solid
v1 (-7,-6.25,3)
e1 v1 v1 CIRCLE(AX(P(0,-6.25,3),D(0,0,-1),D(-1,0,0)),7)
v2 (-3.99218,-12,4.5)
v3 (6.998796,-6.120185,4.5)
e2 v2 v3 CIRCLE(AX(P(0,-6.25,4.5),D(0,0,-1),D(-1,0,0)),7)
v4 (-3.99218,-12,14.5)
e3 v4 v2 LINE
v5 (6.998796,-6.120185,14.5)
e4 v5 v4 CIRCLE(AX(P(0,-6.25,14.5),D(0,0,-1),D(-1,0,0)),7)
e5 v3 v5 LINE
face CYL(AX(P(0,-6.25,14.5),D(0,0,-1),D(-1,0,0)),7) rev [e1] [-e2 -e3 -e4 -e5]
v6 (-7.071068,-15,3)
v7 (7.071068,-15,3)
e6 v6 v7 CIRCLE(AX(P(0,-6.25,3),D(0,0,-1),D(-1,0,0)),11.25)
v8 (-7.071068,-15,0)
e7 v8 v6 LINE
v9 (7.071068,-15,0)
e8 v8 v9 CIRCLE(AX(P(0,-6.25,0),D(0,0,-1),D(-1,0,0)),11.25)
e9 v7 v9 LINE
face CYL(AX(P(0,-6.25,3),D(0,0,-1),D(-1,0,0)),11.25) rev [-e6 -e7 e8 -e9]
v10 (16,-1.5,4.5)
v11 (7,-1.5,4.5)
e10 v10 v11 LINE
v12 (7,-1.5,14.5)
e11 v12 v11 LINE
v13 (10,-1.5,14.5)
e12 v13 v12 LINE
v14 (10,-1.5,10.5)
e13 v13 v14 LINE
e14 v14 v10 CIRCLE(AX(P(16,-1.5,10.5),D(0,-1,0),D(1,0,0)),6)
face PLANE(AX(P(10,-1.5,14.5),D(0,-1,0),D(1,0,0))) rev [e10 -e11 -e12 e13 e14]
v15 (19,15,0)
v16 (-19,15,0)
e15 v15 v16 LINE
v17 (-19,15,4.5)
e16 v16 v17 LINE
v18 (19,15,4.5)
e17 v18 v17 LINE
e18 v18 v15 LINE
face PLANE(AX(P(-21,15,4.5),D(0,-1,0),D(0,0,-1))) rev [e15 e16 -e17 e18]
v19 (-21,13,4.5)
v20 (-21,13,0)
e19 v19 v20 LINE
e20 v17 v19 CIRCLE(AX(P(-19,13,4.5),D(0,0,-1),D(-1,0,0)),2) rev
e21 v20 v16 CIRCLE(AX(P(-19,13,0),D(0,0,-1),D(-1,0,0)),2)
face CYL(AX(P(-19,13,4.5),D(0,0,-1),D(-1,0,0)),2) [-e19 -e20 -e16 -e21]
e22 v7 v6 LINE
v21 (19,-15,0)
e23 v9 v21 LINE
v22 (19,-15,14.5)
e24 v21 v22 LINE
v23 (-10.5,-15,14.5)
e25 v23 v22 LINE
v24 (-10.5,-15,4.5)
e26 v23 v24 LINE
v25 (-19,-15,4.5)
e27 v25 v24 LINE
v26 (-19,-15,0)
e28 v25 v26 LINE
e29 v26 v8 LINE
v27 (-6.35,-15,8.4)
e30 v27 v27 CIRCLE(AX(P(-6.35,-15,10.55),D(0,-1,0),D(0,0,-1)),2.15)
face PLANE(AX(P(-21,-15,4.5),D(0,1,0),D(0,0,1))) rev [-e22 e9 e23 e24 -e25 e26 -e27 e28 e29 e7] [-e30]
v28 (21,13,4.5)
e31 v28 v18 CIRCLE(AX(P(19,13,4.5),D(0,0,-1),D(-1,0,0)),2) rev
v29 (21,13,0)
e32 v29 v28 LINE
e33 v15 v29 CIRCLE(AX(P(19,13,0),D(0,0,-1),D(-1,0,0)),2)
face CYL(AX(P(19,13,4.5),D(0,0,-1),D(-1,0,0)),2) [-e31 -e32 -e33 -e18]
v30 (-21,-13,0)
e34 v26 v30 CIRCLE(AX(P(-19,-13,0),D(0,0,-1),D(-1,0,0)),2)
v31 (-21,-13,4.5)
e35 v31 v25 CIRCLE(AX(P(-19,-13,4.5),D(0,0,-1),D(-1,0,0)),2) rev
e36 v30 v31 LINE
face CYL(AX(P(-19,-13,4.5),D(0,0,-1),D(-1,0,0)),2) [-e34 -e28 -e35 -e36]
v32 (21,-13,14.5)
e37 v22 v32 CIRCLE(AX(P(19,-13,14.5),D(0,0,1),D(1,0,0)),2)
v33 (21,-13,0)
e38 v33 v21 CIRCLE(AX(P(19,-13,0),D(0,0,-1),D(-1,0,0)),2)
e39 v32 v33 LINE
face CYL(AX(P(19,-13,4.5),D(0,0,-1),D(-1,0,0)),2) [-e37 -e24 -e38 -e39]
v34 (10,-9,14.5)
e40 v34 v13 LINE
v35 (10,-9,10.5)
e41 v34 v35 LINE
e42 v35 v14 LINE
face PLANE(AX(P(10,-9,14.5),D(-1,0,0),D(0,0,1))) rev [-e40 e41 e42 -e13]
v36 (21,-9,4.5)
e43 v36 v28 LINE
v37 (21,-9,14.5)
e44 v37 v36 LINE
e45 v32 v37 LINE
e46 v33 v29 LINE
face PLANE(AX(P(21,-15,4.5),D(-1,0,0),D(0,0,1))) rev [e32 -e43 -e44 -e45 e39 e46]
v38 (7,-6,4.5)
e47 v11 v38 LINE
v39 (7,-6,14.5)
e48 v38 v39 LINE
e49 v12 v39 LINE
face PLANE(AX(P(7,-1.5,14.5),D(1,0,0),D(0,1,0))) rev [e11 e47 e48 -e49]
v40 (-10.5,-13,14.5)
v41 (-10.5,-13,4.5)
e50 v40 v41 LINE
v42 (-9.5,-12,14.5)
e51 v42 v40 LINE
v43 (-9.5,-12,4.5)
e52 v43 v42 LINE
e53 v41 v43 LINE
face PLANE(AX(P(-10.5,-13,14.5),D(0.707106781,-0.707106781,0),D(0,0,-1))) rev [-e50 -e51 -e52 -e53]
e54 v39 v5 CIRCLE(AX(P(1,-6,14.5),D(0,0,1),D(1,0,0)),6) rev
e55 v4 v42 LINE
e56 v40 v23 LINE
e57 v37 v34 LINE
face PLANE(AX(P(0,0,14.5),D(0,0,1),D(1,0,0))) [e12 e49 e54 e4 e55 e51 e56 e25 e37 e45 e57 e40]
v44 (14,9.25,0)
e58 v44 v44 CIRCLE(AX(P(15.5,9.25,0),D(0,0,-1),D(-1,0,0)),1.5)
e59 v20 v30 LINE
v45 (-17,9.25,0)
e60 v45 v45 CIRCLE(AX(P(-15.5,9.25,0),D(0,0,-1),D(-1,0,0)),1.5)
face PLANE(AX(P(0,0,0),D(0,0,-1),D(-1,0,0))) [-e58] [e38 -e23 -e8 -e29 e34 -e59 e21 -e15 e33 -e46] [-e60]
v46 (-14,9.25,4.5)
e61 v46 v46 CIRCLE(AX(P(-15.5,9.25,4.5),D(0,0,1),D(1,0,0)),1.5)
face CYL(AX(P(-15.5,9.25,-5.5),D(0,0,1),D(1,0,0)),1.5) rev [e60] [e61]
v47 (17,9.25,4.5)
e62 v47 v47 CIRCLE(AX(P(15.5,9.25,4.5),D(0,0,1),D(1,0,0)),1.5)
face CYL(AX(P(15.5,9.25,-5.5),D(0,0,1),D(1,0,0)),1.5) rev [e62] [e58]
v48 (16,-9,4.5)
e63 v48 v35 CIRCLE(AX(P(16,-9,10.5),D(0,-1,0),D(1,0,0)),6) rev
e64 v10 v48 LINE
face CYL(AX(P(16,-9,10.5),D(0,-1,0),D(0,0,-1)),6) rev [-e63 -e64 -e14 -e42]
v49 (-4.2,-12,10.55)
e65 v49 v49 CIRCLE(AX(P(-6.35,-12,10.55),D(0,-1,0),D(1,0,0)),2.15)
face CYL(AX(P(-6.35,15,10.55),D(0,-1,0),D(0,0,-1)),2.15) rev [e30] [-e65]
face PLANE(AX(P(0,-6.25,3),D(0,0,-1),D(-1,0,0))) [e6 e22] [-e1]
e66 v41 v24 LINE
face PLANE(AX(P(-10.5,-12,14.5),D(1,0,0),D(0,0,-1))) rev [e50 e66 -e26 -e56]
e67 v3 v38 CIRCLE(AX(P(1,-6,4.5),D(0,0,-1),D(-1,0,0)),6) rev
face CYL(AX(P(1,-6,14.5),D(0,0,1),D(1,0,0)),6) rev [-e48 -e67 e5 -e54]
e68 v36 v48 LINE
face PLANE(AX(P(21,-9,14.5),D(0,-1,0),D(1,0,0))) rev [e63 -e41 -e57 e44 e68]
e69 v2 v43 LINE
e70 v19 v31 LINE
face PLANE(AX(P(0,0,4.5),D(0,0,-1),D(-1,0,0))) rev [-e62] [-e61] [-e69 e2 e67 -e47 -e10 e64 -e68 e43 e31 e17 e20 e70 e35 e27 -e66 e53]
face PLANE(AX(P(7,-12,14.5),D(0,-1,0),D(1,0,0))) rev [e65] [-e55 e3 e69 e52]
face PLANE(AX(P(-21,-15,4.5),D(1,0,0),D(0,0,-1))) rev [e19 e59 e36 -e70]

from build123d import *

# Parameters (mm, degrees)
SKETCH1_W               = 42
SKETCH1_H               = 30
BOSS_EXTRUDE1_DEPTH     = 4.5
BOSS_EXTRUDE2_DEPTH     = 10
FILLET1_R               = 6
SKETCH3_R               = 11.25
CUT_EXTRUDE1_DEPTH      = 3
CUT_EXTRUDE2_DEPTH      = 29.253318389
CUT_EXTRUDE2_DEPTH_BACK = 29.253318389
SKETCH4_R               = 7
FILLET2_R               = 2
CHAMFER1_SIZE           = 1
SKETCH6_R               = 2.15
CUT_EXTRUDE4_DEPTH      = 40.385911187
SKETCH7_R               = 1.5
CUT_EXTRUDE5_DEPTH      = 10


with BuildPart() as part:
    # Sketch1 → Boss-Extrude1 (new body)
    with BuildSketch(Plane.XY):
        Rectangle(SKETCH1_W, SKETCH1_H)
    extrude(amount=BOSS_EXTRUDE1_DEPTH)

    # Sketch2 → Boss-Extrude2 (add)
    with BuildSketch(Plane.XY.offset(4.5)):
        Polygon((21, -9), (10, -9), (10, -1.5), (7, -1.5), (7, -12), (-10.5, -12), (-10.5, -15), (21, -15), align=None)
    extrude(amount=BOSS_EXTRUDE2_DEPTH)

    # Fillet1
    fillet1_edges = [part.edges().sort_by_distance(p)[0] for p in [
        (10, -5.25, 4.5),
        (7, -12, 9.5),
    ]]
    fillet(fillet1_edges, radius=FILLET1_R)

    # Sketch3 → Cut-Extrude1 (cut)
    with BuildSketch(Plane(origin=(0, 0, 0), x_dir=(-1, 0, 0), z_dir=(0, 0, -1))):
        with Locations((0, -6.25)):
            Circle(SKETCH3_R)
    extrude(amount=-CUT_EXTRUDE1_DEPTH, mode=Mode.SUBTRACT)

    # Sketch4 → Cut-Extrude2 (cut, two sides: drawn at the far end of the back side and taken through both)
    with BuildSketch(Plane(origin=(0, 0, 3), x_dir=(-1, 0, 0), z_dir=(0, 0, -1)).offset(-CUT_EXTRUDE2_DEPTH_BACK)):
        with Locations((0, -6.25)):
            Circle(SKETCH4_R)
    extrude(amount=CUT_EXTRUDE2_DEPTH + CUT_EXTRUDE2_DEPTH_BACK, mode=Mode.SUBTRACT)

    # Fillet2
    fillet2_edges = [part.edges().sort_by_distance(p)[0] for p in [
        (21, -15, 7.25),
        (-21, -15, 2.25),
        (-21, 15, 2.25),
        (21, 15, 2.25),
    ]]
    fillet(fillet2_edges, radius=FILLET2_R)

    # Chamfer1
    chamfer1_edges = [part.edges().sort_by_distance(p)[0] for p in [
        (-10.5, -12, 9.5),
    ]]
    chamfer(chamfer1_edges, length=CHAMFER1_SIZE)

    # Sketch6 → Cut-Extrude4 (cut, through all)
    with BuildSketch(Plane.XZ.offset(15)):
        with Locations(Location((-6.35, 10.55, 0), (0, 0, 270))):
            Circle(SKETCH6_R)
    extrude(amount=-CUT_EXTRUDE4_DEPTH, mode=Mode.SUBTRACT)

    # Sketch7 → Cut-Extrude5 (cut)
    with BuildSketch(Plane.XY.offset(4.5)):
        with Locations((-15.5, 9.25)):
            Circle(SKETCH7_R)
        with Locations((15.5, 9.25)):
            Circle(SKETCH7_R)
    extrude(amount=-CUT_EXTRUDE5_DEPTH, mode=Mode.SUBTRACT)


solid = part.part
